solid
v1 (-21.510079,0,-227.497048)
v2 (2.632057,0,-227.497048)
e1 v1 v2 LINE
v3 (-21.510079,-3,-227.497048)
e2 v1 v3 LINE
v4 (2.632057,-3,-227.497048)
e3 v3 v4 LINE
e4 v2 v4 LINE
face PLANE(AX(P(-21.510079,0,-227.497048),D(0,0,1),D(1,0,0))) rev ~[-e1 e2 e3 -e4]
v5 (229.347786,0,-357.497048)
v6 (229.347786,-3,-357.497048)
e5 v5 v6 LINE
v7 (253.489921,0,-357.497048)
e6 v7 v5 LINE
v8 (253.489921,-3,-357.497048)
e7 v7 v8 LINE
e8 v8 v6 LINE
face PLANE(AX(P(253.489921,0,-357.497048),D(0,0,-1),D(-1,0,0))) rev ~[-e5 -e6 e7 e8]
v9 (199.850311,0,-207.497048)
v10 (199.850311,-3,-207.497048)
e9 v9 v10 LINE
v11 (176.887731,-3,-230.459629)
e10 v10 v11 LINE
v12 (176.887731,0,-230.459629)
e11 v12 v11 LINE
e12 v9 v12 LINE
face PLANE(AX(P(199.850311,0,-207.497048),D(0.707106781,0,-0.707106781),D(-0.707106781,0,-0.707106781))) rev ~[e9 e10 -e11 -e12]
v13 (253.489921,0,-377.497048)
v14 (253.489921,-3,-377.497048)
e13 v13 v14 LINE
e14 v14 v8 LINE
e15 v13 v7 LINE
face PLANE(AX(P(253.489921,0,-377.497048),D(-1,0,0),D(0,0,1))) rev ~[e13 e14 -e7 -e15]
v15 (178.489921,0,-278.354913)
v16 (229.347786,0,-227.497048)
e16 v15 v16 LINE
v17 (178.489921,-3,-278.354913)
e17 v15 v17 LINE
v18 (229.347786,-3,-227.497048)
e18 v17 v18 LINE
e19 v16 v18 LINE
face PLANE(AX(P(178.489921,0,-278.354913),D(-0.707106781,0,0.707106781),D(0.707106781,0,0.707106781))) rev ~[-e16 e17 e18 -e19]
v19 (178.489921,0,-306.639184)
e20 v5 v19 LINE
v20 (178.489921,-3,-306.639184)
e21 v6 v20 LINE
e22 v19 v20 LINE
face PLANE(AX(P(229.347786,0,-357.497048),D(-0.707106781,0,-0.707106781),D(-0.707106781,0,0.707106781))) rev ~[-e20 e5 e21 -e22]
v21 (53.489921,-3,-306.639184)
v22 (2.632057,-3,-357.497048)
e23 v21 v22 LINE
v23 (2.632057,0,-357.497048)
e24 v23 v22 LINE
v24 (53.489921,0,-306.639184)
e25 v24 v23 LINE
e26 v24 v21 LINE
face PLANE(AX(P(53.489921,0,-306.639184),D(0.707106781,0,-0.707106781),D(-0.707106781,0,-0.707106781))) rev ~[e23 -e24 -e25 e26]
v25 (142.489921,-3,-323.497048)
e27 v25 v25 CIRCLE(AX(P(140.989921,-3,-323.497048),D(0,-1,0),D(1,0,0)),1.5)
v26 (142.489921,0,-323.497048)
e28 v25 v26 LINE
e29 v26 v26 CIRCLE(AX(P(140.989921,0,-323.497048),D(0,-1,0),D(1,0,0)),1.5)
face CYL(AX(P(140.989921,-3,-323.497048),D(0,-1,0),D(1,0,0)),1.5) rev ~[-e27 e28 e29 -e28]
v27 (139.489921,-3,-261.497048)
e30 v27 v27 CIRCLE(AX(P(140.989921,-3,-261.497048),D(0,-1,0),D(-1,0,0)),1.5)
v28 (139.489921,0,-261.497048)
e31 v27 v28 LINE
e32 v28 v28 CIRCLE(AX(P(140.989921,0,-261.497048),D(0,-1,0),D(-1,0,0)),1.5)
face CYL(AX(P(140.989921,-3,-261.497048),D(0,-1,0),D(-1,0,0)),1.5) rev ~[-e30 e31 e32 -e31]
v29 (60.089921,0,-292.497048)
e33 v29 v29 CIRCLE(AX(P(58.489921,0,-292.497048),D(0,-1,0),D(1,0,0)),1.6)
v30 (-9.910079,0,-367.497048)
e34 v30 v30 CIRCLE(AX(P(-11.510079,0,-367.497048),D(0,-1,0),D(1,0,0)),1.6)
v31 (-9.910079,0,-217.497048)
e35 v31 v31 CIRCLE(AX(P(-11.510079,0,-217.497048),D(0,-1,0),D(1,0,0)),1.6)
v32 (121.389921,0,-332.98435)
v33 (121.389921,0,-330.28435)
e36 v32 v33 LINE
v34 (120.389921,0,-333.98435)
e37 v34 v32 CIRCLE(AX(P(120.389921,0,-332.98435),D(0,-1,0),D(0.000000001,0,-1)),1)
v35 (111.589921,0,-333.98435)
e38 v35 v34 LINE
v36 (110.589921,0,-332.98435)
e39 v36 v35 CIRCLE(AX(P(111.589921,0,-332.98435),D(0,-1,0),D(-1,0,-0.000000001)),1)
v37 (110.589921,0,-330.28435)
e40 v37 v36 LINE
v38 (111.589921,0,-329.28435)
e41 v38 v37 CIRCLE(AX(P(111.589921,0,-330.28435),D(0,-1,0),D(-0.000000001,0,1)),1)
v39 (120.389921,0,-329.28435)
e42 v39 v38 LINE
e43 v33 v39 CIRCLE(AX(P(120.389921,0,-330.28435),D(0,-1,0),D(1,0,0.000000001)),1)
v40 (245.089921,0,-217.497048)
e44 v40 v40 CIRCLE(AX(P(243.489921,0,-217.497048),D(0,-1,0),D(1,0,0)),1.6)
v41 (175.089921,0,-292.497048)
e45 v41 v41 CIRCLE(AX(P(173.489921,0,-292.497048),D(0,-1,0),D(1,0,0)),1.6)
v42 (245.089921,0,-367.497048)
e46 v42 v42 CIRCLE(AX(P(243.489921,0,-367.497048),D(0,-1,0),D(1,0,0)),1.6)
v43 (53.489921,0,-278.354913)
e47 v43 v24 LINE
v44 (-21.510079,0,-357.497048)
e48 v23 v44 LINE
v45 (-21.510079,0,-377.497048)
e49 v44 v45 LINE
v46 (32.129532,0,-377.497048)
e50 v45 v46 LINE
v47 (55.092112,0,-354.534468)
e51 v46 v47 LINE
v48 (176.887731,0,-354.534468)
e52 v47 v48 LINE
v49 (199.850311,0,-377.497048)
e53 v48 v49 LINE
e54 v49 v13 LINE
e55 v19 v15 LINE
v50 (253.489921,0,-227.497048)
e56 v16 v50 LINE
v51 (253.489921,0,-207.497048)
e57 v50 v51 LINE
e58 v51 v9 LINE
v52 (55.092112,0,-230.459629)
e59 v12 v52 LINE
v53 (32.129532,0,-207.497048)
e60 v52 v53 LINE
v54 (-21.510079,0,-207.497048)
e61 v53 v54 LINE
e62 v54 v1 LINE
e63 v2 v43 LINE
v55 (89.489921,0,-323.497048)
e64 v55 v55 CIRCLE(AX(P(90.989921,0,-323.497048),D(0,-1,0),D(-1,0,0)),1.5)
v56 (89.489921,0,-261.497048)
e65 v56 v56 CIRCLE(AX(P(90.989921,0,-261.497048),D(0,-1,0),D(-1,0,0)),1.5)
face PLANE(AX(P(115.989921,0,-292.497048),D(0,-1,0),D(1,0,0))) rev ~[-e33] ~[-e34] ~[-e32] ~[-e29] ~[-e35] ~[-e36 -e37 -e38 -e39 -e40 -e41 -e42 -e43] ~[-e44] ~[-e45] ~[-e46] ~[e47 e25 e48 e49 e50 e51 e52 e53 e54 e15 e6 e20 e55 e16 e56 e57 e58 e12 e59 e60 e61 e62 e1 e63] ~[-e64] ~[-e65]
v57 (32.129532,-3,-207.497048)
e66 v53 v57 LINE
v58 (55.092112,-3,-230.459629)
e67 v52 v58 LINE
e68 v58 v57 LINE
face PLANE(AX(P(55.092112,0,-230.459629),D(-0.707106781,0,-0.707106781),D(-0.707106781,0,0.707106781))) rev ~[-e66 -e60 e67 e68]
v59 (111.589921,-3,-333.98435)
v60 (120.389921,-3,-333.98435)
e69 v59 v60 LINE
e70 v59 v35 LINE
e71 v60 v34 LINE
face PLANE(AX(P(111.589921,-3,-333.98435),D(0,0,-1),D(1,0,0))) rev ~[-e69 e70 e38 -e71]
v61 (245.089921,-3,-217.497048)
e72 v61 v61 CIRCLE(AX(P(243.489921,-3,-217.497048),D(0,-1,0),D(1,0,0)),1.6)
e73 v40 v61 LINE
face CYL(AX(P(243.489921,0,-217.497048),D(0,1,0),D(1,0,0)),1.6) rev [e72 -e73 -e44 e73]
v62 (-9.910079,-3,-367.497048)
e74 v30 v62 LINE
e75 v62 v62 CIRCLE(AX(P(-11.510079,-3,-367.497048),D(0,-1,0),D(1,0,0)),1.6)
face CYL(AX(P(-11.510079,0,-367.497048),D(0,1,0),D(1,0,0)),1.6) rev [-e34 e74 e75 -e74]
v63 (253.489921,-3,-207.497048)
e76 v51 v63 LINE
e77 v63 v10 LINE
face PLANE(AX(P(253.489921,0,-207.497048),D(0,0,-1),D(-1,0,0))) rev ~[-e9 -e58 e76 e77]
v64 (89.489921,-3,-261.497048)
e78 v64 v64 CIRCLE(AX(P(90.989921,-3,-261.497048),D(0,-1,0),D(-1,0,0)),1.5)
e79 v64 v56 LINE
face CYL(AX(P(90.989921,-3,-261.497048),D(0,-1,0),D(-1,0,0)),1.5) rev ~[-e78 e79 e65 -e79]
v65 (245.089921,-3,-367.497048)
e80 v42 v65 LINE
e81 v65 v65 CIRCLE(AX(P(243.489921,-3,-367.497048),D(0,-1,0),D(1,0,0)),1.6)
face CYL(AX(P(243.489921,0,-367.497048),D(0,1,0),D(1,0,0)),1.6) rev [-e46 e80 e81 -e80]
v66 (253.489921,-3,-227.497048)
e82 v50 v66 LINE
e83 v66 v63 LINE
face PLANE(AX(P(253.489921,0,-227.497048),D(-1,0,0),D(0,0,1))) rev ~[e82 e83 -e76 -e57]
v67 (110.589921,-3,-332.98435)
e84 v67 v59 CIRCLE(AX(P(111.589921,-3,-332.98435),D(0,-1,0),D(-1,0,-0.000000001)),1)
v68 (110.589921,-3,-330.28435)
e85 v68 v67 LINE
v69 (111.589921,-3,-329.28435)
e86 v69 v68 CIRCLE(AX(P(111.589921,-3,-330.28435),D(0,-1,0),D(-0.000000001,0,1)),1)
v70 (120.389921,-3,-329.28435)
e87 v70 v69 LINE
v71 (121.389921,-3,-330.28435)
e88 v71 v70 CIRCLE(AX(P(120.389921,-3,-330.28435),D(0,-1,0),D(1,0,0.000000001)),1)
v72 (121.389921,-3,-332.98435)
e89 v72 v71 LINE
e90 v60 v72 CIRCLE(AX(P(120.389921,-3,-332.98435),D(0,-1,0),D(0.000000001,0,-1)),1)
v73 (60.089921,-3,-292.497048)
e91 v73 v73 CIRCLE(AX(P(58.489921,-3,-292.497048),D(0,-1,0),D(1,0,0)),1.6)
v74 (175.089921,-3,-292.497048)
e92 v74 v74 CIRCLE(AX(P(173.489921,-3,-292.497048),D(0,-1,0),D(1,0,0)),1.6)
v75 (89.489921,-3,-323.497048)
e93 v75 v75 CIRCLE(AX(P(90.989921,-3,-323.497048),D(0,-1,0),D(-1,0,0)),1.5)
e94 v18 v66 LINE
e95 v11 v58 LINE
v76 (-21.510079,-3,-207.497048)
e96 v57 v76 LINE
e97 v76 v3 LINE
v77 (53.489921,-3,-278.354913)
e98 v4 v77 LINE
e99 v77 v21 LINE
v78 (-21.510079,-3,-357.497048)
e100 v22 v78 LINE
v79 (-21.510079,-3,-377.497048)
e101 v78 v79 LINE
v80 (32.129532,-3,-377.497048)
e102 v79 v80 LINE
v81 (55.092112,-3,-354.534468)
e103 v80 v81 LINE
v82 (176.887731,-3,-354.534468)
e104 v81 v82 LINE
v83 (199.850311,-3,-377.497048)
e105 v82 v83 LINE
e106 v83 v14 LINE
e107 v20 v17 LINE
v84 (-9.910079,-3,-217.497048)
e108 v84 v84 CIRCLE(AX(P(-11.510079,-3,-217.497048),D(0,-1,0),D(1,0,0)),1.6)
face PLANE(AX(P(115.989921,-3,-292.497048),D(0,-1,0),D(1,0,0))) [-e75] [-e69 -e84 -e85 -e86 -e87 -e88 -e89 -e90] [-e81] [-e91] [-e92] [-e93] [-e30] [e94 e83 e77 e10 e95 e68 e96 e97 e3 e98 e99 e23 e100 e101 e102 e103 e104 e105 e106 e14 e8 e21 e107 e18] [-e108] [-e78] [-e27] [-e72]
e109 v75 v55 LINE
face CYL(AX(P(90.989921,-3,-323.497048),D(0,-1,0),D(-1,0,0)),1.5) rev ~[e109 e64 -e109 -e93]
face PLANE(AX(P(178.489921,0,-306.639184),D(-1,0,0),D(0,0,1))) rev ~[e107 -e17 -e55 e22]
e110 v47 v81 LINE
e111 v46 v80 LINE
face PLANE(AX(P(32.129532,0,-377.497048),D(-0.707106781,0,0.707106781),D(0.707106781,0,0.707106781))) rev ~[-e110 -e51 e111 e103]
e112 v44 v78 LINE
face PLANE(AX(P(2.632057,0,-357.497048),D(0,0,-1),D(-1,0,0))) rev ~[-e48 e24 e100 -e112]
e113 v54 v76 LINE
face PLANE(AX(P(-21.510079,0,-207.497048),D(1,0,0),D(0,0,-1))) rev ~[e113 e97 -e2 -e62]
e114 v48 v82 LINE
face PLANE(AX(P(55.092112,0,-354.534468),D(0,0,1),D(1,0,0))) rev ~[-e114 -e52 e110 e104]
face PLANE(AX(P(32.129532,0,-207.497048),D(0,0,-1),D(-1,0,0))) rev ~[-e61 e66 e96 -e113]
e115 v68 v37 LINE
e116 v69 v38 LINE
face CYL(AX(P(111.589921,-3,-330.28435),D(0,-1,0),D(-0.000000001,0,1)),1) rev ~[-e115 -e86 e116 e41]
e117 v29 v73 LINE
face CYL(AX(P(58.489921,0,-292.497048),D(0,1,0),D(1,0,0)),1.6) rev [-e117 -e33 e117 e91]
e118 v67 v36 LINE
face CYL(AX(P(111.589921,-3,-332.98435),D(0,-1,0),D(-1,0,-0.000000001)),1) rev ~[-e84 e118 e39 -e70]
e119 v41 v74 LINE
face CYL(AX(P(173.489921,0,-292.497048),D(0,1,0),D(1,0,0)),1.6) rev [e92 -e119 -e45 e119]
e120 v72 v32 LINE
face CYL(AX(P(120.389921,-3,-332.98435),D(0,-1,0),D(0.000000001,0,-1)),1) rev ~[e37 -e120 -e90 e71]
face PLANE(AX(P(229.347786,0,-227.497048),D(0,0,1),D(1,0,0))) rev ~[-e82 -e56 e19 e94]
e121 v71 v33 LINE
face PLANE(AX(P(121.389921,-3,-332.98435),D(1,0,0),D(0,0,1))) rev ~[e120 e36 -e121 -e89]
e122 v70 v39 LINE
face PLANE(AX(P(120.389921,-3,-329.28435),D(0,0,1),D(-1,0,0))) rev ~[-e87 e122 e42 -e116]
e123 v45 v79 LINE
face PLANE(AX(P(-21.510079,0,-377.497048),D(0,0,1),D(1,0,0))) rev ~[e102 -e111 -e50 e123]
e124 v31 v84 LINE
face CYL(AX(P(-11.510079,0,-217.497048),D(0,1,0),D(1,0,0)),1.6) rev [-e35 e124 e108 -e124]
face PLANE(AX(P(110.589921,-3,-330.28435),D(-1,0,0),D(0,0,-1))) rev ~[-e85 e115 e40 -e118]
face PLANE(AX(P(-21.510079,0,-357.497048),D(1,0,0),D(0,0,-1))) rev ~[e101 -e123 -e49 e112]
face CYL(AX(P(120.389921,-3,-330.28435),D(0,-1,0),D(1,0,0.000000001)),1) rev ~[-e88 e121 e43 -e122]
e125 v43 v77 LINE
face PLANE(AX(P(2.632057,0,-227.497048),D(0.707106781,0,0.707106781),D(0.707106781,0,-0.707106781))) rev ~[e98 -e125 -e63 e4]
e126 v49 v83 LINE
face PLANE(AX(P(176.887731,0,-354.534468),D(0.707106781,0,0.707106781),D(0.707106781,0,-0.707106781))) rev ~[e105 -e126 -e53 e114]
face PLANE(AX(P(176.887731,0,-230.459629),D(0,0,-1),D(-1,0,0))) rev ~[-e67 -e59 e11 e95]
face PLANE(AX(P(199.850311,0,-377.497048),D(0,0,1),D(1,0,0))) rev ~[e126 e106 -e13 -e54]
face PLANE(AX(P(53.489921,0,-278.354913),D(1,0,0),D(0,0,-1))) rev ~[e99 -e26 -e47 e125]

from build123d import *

# Parameters (mm, degrees)
SKETCH1_R          = 1.6
EXTRUDE2_DEPTH     = 3
CUT_EXTRUDE4_DEPTH = 3


with BuildPart() as part:
    # Sketch1 → Extrude2 (new body)
    with BuildSketch(Plane.XZ):
        Polygon((-21.510078765, -227.497048214), (2.632056859, -227.497048214), (53.489921235, -278.35491259), (53.489921235, -306.639183837), (2.632056859, -357.497048214), (-21.510078765, -357.497048214), (-21.510078765, -377.497048214), (32.129531542, -377.497048214), (55.092111961, -354.534467794), (176.887730509, -354.534467794), (199.850310928, -377.497048214), (253.489921235, -377.497048214), (253.489921235, -357.497048214), (229.347785611, -357.497048214), (178.489921235, -306.639183837), (178.489921235, -278.35491259), (229.347785611, -227.497048214), (253.489921235, -227.497048214), (253.489921235, -207.497048214), (199.850310928, -207.497048214), (176.887730509, -230.459628633), (55.092111961, -230.459628633), (32.129531542, -207.497048214), (-21.510078765, -207.497048214), align=None)
        with Locations((-11.510078765, -367.497048214)):
            Circle(SKETCH1_R, mode=Mode.SUBTRACT)
        with Locations((58.489921235, -292.497048214)):
            Circle(SKETCH1_R, mode=Mode.SUBTRACT)
        with Locations((243.489921235, -367.497048214)):
            Circle(SKETCH1_R, mode=Mode.SUBTRACT)
        with Locations((173.489921235, -292.497048214)):
            Circle(SKETCH1_R, mode=Mode.SUBTRACT)
        with Locations((-11.510078765, -217.497048214)):
            Circle(SKETCH1_R, mode=Mode.SUBTRACT)
        with Locations((243.489921235, -217.497048214)):
            Circle(SKETCH1_R, mode=Mode.SUBTRACT)
    extrude(amount=EXTRUDE2_DEPTH)

    # Sketch4 → Cut-Extrude4 (cut)
    with BuildSketch(Plane.XZ.offset(3)):
        with BuildLine():
            Line((121.389921235, -332.984350137), (121.389921235, -330.284350137))
            ThreePointArc((121.389921235, -330.284350137), (121.097028016, -329.577243356), (120.389921235, -329.284350137))
            Line((120.389921235, -329.284350137), (111.589921235, -329.284350137))
            ThreePointArc((111.589921235, -329.284350137), (110.882814454, -329.577243356), (110.589921235, -330.284350137))
            Line((110.589921235, -330.284350137), (110.589921235, -332.984350137))
            ThreePointArc((110.589921235, -332.984350137), (110.882814454, -333.691456918), (111.589921235, -333.984350137))
            Line((111.589921235, -333.984350137), (120.389921235, -333.984350137))
            ThreePointArc((120.389921235, -333.984350137), (121.097028016, -333.691456918), (121.389921235, -332.984350137))
        make_face()
        with BuildLine():
            ThreePointArc((142.489921235, -261.497048214), (140.989921235, -259.997048214), (139.489921235, -261.497048214))
            ThreePointArc((139.489921235, -261.497048214), (140.989921235, -262.997048214), (142.489921235, -261.497048214))
        make_face()
        with BuildLine():
            ThreePointArc((139.489921235, -323.497048214), (140.989921235, -324.997048214), (142.489921235, -323.497048214))
            ThreePointArc((142.489921235, -323.497048214), (140.989921235, -321.997048214), (139.489921235, -323.497048214))
        make_face()
        with BuildLine():
            ThreePointArc((92.489921235, -261.497048214), (90.989921235, -259.997048214), (89.489921235, -261.497048214))
            ThreePointArc((89.489921235, -261.497048214), (90.989921235, -262.997048214), (92.489921235, -261.497048214))
        make_face()
        with BuildLine():
            ThreePointArc((92.489921235, -323.497048214), (90.989921235, -321.997048214), (89.489921235, -323.497048214))
            ThreePointArc((89.489921235, -323.497048214), (90.989921235, -324.997048214), (92.489921235, -323.497048214))
        make_face()
    extrude(amount=-CUT_EXTRUDE4_DEPTH, mode=Mode.SUBTRACT)


solid = part.part
